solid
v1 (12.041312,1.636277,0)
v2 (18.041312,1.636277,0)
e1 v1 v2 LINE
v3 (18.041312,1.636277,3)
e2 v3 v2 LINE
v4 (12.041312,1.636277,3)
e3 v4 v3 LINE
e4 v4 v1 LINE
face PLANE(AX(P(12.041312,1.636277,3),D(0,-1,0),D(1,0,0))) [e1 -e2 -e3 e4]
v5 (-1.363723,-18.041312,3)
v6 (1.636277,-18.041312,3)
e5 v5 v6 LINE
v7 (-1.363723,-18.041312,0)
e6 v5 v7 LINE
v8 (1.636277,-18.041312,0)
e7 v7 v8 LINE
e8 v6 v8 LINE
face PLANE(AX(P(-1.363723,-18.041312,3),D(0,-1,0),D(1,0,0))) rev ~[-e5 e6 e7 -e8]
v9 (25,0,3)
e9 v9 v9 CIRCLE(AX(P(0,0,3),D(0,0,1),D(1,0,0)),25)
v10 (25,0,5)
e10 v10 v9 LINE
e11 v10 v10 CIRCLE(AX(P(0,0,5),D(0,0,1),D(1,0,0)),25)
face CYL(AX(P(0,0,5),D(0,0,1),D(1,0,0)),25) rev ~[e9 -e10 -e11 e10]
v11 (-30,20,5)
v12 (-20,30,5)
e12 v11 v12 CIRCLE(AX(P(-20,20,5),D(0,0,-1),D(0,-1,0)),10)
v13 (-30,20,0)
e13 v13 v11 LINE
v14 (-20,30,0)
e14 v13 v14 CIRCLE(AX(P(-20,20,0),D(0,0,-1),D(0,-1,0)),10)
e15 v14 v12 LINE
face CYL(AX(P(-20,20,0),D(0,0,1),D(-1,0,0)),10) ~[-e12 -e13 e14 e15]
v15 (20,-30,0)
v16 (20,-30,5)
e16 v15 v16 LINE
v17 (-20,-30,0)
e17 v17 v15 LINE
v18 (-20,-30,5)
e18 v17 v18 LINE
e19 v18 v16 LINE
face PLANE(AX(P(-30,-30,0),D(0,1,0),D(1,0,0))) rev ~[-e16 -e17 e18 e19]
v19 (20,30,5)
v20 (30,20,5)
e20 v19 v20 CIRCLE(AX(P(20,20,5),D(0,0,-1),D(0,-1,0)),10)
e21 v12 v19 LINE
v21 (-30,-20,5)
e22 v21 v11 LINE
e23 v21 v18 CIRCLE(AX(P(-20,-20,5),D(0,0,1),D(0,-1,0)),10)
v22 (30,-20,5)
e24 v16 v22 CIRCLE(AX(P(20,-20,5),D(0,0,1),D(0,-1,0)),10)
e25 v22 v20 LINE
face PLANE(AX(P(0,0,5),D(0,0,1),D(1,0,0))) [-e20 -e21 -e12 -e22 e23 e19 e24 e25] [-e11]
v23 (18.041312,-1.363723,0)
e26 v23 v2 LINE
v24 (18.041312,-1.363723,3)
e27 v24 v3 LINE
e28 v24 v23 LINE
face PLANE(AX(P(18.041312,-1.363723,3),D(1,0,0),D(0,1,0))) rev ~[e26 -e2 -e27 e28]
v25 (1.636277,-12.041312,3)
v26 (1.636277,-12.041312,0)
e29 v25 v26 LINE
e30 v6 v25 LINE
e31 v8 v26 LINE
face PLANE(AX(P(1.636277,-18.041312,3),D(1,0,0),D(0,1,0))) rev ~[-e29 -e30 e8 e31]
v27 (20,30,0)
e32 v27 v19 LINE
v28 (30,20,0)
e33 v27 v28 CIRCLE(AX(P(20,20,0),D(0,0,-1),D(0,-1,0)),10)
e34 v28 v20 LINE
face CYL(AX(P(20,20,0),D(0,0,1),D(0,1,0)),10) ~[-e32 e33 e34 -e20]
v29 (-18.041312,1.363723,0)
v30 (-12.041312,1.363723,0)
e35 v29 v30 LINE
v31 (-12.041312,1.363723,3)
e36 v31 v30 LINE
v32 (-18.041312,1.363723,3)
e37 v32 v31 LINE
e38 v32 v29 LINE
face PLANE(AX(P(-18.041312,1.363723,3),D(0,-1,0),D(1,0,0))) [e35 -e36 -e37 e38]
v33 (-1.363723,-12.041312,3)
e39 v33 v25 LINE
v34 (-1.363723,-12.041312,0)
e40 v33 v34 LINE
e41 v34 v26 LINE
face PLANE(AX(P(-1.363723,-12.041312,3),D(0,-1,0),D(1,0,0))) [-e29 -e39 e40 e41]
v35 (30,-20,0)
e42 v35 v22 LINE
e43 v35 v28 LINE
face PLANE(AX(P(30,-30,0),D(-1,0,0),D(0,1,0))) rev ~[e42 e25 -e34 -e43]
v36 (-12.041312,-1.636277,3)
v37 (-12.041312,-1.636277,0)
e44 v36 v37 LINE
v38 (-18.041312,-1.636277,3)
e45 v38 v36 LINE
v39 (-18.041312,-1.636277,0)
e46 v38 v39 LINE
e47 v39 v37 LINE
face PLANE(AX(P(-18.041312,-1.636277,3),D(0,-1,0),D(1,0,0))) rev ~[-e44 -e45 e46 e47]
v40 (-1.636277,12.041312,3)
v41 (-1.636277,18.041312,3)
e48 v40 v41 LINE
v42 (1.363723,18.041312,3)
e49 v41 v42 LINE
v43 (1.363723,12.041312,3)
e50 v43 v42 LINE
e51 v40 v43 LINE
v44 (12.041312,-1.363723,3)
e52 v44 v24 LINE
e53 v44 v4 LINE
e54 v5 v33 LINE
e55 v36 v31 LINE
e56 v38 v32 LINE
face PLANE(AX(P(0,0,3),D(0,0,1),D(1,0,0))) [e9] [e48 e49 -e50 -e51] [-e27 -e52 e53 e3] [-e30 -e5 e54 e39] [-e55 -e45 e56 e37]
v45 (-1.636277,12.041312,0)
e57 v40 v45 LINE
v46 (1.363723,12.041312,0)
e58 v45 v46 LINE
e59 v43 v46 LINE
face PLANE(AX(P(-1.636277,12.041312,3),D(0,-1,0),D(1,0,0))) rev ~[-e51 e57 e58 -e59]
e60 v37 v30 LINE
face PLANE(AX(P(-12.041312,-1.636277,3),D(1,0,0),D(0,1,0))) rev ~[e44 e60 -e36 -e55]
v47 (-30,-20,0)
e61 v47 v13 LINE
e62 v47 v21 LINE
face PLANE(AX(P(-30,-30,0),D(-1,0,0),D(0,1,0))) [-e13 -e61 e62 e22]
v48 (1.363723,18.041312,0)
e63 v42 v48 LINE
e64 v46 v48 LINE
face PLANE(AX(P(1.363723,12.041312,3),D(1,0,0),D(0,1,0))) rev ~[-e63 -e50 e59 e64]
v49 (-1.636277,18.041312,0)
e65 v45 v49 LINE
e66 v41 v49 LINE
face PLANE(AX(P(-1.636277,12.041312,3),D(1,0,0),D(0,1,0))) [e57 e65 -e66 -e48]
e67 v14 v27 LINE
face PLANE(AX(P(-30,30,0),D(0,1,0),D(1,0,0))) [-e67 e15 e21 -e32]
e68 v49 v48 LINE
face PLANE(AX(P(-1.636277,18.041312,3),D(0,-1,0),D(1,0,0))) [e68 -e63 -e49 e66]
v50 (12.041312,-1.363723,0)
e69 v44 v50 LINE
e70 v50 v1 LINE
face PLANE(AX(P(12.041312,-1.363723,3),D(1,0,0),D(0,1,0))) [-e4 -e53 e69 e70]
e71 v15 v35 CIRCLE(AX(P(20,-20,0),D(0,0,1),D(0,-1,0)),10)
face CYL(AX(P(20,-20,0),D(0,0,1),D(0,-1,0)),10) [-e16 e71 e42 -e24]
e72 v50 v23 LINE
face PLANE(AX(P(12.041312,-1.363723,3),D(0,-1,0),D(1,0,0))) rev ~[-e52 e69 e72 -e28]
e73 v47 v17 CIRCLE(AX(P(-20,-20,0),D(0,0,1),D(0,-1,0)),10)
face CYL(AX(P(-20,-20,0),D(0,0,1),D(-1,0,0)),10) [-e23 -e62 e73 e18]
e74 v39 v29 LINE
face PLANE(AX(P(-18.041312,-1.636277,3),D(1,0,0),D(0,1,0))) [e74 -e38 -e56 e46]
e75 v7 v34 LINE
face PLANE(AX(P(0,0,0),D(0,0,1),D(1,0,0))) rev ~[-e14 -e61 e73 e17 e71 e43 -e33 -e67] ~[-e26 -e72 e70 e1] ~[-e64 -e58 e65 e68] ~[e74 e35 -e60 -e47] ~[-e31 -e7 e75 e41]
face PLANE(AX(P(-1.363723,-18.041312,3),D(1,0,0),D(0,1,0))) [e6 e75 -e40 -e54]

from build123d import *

# Parameters (mm, degrees)
F0_W     = 60
F0_H     = 60
F1_DEPTH = 5
F2_R     = 25
F3_DEPTH = 2
F4_R     = 10
F5_W     = 6
F5_H     = 3
F5_W_2   = 3
F5_H_2   = 6
F6_DEPTH = 25


with BuildPart() as f1:
    # F0 (on Top) → F1 (new body)
    with BuildSketch(Plane.XY):
        Rectangle(F0_W, F0_H)
    extrude(amount=F1_DEPTH)

    # F2 (on face) → F3 (cut)
    with BuildSketch(Plane.XY.offset(5)):
        Circle(F2_R)
    extrude(amount=-F3_DEPTH, mode=Mode.SUBTRACT)

    # F4
    f4_edges = [f1.edges().sort_by_distance(p)[0] for p in [
        (-30, 30, 2.5),
        (30, 30, 2.5),
        (30, -30, 2.5),
        (-30, -30, 2.5),
    ]]
    fillet(f4_edges, radius=F4_R)

    # F5 (on face) → F6 (cut)
    with BuildSketch(Plane.XY.offset(3)):
        with Locations((-15.041312, -0.136277)):
            Rectangle(F5_W, F5_H)
        with Locations((-0.136277, 15.041312)):
            Rectangle(F5_W_2, F5_H_2)
        with Locations((0.136277, -15.041312)):
            Rectangle(F5_W_2, F5_H_2)
        with Locations((15.041312, 0.136277)):
            Rectangle(F5_W, F5_H)
    extrude(amount=-F6_DEPTH, mode=Mode.SUBTRACT)


solid = f1.part
